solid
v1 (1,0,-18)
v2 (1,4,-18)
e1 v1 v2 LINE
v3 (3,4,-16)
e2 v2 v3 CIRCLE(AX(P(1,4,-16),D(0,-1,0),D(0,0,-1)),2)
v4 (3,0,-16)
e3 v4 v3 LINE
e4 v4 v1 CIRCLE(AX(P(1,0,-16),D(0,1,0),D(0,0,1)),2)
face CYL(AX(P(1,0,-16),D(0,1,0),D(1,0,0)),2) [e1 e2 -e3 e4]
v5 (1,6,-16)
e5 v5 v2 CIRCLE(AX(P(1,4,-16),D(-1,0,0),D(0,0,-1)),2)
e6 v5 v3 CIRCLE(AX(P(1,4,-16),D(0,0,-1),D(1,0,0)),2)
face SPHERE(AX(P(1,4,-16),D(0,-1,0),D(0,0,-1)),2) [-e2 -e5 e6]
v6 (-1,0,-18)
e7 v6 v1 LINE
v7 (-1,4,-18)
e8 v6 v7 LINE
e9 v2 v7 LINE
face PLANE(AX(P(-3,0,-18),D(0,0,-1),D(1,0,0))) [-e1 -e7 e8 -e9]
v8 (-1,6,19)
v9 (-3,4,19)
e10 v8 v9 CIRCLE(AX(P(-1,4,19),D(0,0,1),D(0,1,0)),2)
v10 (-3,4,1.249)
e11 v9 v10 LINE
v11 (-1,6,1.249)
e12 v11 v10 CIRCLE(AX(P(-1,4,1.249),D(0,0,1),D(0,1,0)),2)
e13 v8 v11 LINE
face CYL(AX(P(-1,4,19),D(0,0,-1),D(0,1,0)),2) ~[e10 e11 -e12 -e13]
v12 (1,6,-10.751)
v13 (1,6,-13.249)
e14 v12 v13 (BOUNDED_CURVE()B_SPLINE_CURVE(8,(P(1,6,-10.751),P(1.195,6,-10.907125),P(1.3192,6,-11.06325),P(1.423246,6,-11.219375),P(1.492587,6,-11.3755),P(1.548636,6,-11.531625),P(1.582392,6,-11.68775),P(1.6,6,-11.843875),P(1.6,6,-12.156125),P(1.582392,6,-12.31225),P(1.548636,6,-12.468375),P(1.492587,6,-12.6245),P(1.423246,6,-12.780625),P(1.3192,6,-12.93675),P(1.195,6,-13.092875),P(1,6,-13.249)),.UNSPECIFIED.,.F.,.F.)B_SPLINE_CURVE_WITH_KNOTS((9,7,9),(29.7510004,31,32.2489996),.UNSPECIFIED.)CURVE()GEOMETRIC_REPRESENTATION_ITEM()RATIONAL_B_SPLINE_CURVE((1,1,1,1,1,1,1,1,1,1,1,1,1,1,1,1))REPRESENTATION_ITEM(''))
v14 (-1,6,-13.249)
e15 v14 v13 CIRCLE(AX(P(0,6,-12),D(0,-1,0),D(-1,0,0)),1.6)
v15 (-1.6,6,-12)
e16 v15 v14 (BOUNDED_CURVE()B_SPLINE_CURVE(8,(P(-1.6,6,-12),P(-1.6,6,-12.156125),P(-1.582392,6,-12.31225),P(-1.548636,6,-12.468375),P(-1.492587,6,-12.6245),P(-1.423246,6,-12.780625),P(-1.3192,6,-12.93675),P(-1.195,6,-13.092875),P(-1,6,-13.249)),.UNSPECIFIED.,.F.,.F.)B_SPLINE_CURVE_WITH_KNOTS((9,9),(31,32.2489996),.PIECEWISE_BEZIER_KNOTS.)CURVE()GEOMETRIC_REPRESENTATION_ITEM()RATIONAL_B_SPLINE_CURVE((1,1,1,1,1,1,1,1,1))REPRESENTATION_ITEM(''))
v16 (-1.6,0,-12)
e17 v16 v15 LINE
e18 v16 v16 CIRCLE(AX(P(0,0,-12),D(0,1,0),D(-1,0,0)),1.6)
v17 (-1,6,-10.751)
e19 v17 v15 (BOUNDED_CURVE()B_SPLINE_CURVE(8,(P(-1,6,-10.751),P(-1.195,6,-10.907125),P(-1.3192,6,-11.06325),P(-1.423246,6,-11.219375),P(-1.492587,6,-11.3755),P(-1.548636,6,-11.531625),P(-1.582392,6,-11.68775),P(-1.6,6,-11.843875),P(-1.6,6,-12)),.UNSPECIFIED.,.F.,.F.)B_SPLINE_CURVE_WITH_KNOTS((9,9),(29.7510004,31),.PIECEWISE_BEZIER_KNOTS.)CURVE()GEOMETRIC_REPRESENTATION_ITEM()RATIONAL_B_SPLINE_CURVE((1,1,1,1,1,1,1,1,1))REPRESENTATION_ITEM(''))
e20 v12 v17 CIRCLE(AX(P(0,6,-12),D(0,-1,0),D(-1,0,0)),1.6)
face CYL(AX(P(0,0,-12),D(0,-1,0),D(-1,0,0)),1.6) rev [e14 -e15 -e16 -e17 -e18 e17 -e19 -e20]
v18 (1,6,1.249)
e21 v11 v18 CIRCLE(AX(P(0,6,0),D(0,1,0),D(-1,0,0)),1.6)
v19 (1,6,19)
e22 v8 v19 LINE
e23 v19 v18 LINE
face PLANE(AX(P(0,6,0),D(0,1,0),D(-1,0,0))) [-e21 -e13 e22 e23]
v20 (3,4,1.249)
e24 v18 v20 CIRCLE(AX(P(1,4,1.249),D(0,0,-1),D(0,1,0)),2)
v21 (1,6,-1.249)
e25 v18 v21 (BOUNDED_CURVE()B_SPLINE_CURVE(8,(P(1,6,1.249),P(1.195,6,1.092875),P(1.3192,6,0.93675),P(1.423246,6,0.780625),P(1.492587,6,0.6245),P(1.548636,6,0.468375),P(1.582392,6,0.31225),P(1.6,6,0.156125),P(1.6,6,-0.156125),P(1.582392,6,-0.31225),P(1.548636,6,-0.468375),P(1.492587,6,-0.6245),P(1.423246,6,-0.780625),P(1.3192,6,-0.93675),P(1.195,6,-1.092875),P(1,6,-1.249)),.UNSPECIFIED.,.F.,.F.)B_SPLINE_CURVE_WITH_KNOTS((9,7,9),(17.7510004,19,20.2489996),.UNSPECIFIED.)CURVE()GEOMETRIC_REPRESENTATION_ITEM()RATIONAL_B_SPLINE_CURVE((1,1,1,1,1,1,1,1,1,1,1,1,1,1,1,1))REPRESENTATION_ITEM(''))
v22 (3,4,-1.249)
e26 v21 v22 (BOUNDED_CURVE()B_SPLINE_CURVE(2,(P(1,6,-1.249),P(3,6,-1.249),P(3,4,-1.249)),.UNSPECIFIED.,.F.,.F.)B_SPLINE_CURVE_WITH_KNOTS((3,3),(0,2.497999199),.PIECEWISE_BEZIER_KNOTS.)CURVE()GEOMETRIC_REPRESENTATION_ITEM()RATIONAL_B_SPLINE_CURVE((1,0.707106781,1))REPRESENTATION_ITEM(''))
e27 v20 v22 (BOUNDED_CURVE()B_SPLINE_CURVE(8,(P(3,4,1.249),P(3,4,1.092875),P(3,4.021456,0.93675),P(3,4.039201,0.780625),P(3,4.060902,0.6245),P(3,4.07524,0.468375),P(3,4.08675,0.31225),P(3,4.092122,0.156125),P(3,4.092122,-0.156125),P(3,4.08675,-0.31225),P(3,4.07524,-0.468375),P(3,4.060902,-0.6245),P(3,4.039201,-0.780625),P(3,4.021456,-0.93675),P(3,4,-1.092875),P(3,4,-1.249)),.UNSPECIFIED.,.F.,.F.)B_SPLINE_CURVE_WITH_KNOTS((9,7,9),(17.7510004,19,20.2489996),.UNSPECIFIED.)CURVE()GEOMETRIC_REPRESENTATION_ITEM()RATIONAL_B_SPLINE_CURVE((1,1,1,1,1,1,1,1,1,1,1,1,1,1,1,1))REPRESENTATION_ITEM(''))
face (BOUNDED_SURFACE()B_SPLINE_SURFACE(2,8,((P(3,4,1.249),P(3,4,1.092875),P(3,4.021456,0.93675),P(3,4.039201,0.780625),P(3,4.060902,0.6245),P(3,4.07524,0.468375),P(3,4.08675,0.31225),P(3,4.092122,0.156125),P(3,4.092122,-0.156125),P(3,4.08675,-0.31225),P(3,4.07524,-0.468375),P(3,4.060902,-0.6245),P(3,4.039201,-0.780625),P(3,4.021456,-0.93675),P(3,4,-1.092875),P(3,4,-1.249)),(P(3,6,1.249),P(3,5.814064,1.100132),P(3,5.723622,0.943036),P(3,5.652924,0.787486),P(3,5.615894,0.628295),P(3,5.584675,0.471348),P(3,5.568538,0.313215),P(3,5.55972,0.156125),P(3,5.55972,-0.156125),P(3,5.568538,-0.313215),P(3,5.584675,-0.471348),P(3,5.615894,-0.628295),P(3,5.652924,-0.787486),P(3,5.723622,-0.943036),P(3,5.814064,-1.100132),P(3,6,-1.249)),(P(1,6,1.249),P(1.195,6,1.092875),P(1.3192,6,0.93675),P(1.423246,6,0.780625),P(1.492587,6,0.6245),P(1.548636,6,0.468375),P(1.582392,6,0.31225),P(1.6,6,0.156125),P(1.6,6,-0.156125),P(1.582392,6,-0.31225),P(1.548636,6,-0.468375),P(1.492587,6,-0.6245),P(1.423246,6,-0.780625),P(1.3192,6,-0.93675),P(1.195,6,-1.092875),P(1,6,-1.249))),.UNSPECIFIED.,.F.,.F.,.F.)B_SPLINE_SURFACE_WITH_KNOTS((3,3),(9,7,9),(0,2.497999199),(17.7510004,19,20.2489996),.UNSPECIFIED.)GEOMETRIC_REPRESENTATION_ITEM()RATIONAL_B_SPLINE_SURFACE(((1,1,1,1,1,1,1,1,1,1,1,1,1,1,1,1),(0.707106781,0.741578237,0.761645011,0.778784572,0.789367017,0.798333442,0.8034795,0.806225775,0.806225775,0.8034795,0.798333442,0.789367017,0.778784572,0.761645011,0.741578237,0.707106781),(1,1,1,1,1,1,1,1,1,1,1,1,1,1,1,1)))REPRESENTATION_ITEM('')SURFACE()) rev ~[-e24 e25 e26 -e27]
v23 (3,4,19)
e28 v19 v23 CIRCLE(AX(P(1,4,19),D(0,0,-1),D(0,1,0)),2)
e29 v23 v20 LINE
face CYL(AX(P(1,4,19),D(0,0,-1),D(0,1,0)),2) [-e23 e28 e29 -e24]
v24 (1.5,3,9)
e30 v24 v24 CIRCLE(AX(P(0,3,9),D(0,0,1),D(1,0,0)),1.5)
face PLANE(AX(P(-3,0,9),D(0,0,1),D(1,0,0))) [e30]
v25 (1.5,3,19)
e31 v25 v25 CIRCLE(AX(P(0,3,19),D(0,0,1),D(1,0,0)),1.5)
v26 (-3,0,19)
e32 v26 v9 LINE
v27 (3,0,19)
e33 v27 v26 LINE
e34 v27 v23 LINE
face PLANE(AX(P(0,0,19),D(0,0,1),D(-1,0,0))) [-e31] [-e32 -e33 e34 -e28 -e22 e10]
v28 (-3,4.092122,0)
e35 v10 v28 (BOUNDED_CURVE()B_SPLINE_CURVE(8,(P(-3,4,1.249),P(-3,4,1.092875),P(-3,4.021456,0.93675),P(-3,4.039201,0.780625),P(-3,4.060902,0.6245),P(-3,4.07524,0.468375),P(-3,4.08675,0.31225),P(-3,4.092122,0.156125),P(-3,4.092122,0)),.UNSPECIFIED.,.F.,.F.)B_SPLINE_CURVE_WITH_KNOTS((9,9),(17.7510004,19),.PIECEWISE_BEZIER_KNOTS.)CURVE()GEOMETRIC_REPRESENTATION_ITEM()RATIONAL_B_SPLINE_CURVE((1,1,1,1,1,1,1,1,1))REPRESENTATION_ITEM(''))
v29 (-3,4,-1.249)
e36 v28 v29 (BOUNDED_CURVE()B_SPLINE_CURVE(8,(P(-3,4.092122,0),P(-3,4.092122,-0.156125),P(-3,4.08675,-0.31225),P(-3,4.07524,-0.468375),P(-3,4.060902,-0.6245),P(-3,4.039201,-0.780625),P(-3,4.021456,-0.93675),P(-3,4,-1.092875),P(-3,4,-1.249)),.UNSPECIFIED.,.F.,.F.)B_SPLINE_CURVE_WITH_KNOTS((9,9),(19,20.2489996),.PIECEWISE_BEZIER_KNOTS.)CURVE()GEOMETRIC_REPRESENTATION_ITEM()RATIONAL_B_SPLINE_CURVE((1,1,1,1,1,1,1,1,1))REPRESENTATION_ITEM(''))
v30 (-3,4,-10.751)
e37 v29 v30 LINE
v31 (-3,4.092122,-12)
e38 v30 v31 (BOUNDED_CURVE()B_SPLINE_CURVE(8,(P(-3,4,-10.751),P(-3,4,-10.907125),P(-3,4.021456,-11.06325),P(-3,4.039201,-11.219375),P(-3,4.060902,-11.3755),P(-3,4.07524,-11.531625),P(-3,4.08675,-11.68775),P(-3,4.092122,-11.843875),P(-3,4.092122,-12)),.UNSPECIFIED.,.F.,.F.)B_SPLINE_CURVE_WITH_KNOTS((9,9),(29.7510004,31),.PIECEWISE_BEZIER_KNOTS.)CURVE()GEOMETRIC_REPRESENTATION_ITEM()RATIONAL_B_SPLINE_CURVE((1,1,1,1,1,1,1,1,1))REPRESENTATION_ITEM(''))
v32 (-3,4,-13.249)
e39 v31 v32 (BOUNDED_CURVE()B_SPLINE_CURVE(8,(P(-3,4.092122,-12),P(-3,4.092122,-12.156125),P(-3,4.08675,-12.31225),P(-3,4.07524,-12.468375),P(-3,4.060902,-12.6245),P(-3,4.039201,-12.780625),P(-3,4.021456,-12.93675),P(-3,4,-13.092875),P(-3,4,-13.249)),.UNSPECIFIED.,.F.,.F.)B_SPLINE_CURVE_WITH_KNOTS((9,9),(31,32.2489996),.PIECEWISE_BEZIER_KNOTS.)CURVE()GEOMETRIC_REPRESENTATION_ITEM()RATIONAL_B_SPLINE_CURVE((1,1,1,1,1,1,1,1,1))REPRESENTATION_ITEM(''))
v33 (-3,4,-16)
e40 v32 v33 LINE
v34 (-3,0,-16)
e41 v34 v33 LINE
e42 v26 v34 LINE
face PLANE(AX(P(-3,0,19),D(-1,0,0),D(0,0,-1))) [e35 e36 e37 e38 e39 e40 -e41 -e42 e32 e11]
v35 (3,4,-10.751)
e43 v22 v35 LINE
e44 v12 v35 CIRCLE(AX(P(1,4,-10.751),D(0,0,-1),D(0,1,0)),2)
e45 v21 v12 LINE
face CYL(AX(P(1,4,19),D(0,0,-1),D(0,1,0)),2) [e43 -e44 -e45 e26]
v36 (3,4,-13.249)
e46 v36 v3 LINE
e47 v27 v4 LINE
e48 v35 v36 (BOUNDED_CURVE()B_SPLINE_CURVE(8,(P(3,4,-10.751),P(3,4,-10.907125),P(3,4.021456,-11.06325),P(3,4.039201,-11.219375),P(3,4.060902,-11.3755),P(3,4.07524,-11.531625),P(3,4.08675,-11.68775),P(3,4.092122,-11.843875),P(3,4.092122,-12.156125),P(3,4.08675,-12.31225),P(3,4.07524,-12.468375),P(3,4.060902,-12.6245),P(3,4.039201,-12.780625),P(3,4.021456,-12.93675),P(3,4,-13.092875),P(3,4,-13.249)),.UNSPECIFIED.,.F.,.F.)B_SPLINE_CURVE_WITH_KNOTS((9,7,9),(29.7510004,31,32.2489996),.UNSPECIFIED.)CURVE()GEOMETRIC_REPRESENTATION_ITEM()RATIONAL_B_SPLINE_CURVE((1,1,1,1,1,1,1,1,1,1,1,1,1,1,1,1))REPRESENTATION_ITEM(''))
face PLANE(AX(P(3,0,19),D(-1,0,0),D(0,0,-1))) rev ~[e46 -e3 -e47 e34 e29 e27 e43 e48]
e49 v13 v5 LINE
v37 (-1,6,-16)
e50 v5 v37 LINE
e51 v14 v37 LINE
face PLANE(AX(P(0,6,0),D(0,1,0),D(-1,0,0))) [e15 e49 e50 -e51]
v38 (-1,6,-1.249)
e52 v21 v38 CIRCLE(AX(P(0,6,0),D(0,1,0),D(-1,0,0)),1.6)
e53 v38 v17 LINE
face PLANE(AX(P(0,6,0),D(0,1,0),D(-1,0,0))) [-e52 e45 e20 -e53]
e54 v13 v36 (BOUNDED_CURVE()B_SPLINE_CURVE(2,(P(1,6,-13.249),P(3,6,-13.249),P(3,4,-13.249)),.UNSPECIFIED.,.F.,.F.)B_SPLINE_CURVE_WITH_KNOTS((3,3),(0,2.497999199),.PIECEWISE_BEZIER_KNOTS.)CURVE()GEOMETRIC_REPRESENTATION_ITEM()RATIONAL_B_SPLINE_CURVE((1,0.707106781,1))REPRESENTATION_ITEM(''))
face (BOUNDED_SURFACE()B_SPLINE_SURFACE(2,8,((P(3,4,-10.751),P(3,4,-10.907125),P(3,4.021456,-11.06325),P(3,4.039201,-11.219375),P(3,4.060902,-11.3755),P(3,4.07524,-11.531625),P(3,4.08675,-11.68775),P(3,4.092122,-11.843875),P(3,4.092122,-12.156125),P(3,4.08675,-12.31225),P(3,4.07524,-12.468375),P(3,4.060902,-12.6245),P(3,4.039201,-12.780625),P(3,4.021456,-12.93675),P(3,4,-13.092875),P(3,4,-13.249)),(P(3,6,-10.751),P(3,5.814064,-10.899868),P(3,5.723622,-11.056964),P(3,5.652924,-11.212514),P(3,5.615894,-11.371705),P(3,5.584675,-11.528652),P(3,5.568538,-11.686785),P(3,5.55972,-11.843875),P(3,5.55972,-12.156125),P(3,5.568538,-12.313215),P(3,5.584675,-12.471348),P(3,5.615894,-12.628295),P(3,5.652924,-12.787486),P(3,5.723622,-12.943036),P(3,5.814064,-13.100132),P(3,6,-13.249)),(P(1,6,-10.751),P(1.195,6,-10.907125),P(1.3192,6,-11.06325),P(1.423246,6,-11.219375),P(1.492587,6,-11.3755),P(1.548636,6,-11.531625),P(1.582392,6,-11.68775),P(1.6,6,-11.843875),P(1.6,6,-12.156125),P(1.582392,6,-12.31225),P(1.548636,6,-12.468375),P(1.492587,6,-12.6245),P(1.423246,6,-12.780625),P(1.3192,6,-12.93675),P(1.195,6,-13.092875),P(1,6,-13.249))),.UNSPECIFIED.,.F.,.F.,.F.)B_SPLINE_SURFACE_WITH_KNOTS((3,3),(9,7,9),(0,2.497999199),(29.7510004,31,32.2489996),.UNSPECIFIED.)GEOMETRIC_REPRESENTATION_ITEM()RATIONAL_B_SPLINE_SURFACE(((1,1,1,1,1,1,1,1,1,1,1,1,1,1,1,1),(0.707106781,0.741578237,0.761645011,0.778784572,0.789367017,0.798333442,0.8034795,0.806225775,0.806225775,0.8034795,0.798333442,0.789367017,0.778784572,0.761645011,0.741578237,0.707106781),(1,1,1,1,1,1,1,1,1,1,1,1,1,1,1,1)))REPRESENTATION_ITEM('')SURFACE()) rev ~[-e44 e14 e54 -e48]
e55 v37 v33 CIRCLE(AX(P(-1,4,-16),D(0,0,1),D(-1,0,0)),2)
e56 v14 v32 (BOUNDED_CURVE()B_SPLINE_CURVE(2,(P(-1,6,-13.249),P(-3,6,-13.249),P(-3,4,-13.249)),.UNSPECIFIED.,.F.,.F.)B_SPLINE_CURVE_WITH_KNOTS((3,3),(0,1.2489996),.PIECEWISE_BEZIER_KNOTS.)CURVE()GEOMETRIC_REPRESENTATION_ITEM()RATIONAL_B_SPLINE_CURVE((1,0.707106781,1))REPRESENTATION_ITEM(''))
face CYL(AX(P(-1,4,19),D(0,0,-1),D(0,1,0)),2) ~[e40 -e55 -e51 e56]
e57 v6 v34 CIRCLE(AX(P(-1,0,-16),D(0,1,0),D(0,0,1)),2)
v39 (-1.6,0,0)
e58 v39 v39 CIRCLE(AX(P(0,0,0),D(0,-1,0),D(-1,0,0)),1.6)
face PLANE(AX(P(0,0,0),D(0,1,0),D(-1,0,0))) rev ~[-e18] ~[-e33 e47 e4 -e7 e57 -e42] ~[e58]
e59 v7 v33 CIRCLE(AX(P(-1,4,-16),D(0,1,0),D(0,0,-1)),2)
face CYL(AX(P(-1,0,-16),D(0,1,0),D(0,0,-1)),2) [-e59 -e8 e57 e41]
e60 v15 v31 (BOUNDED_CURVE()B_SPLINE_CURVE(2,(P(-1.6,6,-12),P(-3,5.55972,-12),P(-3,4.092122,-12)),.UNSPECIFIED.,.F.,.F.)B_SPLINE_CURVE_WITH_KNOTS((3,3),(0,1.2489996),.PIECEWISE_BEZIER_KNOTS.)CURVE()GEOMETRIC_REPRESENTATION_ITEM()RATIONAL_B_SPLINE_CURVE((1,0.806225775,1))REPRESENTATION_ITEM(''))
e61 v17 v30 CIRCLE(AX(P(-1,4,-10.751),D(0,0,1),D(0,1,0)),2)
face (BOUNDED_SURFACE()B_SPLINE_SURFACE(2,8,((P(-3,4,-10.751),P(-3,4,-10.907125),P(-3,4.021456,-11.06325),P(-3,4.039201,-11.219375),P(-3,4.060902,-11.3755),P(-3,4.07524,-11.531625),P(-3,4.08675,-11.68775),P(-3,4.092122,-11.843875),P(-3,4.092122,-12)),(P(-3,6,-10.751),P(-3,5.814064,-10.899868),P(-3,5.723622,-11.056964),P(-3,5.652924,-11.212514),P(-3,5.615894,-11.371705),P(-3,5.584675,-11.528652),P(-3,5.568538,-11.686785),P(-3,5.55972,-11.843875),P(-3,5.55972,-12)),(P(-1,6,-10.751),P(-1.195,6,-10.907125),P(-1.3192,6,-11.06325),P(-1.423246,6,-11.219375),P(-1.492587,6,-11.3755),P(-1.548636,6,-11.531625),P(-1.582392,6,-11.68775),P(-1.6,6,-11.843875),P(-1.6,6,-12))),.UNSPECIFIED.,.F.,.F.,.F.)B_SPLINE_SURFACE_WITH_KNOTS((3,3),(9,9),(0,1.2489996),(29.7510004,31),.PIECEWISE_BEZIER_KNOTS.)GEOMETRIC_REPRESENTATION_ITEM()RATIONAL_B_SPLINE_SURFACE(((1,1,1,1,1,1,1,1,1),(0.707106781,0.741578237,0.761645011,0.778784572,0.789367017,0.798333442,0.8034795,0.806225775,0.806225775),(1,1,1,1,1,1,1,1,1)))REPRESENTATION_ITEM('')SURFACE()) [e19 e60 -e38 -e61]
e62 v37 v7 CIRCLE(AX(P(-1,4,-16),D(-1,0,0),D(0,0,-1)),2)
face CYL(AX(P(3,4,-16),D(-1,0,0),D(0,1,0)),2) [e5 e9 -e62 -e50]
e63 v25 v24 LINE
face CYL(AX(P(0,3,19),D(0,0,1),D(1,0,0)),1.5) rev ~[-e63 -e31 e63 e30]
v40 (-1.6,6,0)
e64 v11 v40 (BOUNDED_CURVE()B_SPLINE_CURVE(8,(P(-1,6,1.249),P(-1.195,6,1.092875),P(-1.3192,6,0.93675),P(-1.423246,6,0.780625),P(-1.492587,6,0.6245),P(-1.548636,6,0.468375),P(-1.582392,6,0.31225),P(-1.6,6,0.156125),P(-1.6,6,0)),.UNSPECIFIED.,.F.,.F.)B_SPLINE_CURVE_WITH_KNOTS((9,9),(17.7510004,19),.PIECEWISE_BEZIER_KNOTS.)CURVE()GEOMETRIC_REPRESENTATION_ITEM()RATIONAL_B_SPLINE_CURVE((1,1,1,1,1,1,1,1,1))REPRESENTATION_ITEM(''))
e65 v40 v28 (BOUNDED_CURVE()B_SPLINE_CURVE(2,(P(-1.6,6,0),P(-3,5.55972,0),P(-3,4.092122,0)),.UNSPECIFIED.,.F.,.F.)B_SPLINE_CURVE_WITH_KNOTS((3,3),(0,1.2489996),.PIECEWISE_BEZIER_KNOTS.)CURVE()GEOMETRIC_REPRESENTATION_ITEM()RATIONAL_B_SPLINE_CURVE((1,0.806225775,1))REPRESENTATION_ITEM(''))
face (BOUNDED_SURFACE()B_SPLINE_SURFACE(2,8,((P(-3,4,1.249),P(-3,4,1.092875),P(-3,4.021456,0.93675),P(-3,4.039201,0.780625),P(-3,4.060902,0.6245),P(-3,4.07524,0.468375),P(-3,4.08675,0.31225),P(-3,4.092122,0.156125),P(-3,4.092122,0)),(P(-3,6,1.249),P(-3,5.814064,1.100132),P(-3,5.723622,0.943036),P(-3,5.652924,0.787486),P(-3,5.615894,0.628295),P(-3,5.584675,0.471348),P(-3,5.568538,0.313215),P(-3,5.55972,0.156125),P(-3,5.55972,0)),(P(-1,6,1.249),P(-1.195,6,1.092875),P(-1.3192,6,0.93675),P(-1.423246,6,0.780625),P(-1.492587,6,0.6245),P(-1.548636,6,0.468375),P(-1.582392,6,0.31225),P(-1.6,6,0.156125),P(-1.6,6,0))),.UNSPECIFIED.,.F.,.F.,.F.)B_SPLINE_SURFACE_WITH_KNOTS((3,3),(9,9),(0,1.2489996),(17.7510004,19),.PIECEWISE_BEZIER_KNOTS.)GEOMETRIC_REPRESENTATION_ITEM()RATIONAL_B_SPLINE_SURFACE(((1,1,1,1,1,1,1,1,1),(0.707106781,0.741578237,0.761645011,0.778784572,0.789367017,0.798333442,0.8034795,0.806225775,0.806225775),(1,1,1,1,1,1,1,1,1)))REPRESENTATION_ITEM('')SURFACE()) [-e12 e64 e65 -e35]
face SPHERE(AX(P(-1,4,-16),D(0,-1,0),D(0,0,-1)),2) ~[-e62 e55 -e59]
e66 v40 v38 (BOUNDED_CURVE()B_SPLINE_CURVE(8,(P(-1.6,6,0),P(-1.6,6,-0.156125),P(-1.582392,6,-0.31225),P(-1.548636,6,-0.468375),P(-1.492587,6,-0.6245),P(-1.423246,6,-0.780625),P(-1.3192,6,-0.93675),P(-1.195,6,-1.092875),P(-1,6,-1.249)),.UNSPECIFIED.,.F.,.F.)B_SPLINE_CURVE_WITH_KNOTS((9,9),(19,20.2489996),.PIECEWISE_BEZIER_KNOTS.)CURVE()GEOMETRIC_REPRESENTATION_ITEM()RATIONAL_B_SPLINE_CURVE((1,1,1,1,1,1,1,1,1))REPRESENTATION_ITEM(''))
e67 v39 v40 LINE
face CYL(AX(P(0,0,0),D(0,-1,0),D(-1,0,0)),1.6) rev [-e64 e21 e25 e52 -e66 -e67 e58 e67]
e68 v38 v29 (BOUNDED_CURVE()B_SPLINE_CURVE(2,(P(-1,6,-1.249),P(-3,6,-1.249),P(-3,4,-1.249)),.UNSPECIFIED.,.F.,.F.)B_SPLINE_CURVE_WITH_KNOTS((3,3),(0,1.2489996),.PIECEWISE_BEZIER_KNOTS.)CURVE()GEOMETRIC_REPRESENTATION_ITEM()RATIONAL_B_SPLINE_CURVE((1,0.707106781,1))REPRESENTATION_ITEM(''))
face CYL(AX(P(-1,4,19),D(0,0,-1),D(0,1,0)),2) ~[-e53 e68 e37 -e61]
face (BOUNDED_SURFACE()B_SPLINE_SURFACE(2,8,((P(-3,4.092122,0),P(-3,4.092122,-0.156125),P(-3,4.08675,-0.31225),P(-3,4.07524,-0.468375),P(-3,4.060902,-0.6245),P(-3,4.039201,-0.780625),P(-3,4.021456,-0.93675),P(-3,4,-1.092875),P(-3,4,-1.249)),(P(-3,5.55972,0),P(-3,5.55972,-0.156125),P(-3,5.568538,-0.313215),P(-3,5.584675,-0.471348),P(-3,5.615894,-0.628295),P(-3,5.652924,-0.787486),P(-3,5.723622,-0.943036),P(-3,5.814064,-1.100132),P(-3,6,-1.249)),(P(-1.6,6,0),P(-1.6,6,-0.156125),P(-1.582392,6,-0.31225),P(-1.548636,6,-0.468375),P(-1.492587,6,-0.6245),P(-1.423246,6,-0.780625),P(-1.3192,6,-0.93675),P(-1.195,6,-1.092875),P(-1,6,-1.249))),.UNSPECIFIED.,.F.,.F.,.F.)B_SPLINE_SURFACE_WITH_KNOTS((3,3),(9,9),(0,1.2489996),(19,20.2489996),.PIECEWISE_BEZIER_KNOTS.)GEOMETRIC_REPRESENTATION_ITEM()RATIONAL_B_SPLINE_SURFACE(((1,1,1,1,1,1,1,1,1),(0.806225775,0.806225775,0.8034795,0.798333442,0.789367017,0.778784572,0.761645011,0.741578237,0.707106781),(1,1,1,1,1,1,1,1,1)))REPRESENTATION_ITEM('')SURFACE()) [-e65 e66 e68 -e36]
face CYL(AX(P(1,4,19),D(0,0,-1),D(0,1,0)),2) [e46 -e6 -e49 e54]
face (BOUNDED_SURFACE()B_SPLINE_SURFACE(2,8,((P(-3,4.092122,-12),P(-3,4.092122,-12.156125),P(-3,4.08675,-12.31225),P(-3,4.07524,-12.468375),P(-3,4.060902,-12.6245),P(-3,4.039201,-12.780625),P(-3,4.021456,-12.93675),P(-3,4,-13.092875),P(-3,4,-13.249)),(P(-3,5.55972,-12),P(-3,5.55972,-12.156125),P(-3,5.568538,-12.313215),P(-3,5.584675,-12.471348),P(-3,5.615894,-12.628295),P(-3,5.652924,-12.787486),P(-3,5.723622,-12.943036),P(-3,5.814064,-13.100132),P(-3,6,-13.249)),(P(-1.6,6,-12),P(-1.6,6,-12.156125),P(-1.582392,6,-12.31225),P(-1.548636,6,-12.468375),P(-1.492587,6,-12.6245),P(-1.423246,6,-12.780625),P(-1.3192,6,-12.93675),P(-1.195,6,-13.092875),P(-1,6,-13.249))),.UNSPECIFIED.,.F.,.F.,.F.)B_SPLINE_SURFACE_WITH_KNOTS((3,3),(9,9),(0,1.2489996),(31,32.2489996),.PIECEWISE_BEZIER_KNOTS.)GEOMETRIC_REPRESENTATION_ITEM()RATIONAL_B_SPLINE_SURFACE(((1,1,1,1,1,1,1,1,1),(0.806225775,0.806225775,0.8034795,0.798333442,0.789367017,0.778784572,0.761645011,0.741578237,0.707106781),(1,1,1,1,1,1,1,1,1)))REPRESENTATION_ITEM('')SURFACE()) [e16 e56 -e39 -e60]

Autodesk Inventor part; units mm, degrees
ref_plane "YZ Plane" through (0, 0, 0) normal (1, 0, 0) x (0, 1, 0)
ref_plane "XZ Plane" through (0, 0, 0) normal (0, 1, 0) x (-1, 0, 0)
ref_plane "XY Plane" through (0, 0, 0) normal (0, 0, 1) x (1, 0, 0)
sketch "Sketch1" plane through (0, 0, 0) normal (0, 1, 0) x (-1, 0, 0)
  circle A0 centre (0, 0) radius 1.6
  circle A1 centre (0, -12) radius 1.6
  line L0 (0, 0) -> (0, 19)
  line L1 (0, 19) -> (-3, 19)
  line L2 (-3, 19) -> (-3, -18)
  line L3 (-3, -18) -> (0, -18)
  line L4 (0, -18) -> (0, 19)
  line L5 (0, 19) -> (3, 19)
  line L6 (3, 19) -> (3, -18)
  line L7 (3, -18) -> (0, -18)
  line L8 (0, -18) -> (0, 19)
  dimension "d0" = 3.2
  dimension "d1" = 3.2
  dimension "d2" = 12
  dimension "d3" = 19
  dimension "d7" = 3
  dimension "d8" = 3
extrude "Extrusion1" add sketch "Sketch1" along normal blind 6 contours A0 L0 L5 L6 L7 L4 A1 | A0 L4 A1 L3 L2 L1 L0
sketch "Sketch2" plane through (-3, 0, 19) normal (0, 0, 1) x (1, 0, 0)
  circle A0 centre (3, 3) radius 1.5
  point P0 (3, 0)
  dimension "d9" = 3
extrude "Extrusion2" cut sketch "Sketch2" against normal blind 10
fillet "Fillet1" radius 2 5 edges at (3, 3, -18) (-3, 3, -18) (0, 6, -18) (3, 6, 0.5) (-3, 6, 0.5)
properties part number "Holder Pendorong_3DPrint"
